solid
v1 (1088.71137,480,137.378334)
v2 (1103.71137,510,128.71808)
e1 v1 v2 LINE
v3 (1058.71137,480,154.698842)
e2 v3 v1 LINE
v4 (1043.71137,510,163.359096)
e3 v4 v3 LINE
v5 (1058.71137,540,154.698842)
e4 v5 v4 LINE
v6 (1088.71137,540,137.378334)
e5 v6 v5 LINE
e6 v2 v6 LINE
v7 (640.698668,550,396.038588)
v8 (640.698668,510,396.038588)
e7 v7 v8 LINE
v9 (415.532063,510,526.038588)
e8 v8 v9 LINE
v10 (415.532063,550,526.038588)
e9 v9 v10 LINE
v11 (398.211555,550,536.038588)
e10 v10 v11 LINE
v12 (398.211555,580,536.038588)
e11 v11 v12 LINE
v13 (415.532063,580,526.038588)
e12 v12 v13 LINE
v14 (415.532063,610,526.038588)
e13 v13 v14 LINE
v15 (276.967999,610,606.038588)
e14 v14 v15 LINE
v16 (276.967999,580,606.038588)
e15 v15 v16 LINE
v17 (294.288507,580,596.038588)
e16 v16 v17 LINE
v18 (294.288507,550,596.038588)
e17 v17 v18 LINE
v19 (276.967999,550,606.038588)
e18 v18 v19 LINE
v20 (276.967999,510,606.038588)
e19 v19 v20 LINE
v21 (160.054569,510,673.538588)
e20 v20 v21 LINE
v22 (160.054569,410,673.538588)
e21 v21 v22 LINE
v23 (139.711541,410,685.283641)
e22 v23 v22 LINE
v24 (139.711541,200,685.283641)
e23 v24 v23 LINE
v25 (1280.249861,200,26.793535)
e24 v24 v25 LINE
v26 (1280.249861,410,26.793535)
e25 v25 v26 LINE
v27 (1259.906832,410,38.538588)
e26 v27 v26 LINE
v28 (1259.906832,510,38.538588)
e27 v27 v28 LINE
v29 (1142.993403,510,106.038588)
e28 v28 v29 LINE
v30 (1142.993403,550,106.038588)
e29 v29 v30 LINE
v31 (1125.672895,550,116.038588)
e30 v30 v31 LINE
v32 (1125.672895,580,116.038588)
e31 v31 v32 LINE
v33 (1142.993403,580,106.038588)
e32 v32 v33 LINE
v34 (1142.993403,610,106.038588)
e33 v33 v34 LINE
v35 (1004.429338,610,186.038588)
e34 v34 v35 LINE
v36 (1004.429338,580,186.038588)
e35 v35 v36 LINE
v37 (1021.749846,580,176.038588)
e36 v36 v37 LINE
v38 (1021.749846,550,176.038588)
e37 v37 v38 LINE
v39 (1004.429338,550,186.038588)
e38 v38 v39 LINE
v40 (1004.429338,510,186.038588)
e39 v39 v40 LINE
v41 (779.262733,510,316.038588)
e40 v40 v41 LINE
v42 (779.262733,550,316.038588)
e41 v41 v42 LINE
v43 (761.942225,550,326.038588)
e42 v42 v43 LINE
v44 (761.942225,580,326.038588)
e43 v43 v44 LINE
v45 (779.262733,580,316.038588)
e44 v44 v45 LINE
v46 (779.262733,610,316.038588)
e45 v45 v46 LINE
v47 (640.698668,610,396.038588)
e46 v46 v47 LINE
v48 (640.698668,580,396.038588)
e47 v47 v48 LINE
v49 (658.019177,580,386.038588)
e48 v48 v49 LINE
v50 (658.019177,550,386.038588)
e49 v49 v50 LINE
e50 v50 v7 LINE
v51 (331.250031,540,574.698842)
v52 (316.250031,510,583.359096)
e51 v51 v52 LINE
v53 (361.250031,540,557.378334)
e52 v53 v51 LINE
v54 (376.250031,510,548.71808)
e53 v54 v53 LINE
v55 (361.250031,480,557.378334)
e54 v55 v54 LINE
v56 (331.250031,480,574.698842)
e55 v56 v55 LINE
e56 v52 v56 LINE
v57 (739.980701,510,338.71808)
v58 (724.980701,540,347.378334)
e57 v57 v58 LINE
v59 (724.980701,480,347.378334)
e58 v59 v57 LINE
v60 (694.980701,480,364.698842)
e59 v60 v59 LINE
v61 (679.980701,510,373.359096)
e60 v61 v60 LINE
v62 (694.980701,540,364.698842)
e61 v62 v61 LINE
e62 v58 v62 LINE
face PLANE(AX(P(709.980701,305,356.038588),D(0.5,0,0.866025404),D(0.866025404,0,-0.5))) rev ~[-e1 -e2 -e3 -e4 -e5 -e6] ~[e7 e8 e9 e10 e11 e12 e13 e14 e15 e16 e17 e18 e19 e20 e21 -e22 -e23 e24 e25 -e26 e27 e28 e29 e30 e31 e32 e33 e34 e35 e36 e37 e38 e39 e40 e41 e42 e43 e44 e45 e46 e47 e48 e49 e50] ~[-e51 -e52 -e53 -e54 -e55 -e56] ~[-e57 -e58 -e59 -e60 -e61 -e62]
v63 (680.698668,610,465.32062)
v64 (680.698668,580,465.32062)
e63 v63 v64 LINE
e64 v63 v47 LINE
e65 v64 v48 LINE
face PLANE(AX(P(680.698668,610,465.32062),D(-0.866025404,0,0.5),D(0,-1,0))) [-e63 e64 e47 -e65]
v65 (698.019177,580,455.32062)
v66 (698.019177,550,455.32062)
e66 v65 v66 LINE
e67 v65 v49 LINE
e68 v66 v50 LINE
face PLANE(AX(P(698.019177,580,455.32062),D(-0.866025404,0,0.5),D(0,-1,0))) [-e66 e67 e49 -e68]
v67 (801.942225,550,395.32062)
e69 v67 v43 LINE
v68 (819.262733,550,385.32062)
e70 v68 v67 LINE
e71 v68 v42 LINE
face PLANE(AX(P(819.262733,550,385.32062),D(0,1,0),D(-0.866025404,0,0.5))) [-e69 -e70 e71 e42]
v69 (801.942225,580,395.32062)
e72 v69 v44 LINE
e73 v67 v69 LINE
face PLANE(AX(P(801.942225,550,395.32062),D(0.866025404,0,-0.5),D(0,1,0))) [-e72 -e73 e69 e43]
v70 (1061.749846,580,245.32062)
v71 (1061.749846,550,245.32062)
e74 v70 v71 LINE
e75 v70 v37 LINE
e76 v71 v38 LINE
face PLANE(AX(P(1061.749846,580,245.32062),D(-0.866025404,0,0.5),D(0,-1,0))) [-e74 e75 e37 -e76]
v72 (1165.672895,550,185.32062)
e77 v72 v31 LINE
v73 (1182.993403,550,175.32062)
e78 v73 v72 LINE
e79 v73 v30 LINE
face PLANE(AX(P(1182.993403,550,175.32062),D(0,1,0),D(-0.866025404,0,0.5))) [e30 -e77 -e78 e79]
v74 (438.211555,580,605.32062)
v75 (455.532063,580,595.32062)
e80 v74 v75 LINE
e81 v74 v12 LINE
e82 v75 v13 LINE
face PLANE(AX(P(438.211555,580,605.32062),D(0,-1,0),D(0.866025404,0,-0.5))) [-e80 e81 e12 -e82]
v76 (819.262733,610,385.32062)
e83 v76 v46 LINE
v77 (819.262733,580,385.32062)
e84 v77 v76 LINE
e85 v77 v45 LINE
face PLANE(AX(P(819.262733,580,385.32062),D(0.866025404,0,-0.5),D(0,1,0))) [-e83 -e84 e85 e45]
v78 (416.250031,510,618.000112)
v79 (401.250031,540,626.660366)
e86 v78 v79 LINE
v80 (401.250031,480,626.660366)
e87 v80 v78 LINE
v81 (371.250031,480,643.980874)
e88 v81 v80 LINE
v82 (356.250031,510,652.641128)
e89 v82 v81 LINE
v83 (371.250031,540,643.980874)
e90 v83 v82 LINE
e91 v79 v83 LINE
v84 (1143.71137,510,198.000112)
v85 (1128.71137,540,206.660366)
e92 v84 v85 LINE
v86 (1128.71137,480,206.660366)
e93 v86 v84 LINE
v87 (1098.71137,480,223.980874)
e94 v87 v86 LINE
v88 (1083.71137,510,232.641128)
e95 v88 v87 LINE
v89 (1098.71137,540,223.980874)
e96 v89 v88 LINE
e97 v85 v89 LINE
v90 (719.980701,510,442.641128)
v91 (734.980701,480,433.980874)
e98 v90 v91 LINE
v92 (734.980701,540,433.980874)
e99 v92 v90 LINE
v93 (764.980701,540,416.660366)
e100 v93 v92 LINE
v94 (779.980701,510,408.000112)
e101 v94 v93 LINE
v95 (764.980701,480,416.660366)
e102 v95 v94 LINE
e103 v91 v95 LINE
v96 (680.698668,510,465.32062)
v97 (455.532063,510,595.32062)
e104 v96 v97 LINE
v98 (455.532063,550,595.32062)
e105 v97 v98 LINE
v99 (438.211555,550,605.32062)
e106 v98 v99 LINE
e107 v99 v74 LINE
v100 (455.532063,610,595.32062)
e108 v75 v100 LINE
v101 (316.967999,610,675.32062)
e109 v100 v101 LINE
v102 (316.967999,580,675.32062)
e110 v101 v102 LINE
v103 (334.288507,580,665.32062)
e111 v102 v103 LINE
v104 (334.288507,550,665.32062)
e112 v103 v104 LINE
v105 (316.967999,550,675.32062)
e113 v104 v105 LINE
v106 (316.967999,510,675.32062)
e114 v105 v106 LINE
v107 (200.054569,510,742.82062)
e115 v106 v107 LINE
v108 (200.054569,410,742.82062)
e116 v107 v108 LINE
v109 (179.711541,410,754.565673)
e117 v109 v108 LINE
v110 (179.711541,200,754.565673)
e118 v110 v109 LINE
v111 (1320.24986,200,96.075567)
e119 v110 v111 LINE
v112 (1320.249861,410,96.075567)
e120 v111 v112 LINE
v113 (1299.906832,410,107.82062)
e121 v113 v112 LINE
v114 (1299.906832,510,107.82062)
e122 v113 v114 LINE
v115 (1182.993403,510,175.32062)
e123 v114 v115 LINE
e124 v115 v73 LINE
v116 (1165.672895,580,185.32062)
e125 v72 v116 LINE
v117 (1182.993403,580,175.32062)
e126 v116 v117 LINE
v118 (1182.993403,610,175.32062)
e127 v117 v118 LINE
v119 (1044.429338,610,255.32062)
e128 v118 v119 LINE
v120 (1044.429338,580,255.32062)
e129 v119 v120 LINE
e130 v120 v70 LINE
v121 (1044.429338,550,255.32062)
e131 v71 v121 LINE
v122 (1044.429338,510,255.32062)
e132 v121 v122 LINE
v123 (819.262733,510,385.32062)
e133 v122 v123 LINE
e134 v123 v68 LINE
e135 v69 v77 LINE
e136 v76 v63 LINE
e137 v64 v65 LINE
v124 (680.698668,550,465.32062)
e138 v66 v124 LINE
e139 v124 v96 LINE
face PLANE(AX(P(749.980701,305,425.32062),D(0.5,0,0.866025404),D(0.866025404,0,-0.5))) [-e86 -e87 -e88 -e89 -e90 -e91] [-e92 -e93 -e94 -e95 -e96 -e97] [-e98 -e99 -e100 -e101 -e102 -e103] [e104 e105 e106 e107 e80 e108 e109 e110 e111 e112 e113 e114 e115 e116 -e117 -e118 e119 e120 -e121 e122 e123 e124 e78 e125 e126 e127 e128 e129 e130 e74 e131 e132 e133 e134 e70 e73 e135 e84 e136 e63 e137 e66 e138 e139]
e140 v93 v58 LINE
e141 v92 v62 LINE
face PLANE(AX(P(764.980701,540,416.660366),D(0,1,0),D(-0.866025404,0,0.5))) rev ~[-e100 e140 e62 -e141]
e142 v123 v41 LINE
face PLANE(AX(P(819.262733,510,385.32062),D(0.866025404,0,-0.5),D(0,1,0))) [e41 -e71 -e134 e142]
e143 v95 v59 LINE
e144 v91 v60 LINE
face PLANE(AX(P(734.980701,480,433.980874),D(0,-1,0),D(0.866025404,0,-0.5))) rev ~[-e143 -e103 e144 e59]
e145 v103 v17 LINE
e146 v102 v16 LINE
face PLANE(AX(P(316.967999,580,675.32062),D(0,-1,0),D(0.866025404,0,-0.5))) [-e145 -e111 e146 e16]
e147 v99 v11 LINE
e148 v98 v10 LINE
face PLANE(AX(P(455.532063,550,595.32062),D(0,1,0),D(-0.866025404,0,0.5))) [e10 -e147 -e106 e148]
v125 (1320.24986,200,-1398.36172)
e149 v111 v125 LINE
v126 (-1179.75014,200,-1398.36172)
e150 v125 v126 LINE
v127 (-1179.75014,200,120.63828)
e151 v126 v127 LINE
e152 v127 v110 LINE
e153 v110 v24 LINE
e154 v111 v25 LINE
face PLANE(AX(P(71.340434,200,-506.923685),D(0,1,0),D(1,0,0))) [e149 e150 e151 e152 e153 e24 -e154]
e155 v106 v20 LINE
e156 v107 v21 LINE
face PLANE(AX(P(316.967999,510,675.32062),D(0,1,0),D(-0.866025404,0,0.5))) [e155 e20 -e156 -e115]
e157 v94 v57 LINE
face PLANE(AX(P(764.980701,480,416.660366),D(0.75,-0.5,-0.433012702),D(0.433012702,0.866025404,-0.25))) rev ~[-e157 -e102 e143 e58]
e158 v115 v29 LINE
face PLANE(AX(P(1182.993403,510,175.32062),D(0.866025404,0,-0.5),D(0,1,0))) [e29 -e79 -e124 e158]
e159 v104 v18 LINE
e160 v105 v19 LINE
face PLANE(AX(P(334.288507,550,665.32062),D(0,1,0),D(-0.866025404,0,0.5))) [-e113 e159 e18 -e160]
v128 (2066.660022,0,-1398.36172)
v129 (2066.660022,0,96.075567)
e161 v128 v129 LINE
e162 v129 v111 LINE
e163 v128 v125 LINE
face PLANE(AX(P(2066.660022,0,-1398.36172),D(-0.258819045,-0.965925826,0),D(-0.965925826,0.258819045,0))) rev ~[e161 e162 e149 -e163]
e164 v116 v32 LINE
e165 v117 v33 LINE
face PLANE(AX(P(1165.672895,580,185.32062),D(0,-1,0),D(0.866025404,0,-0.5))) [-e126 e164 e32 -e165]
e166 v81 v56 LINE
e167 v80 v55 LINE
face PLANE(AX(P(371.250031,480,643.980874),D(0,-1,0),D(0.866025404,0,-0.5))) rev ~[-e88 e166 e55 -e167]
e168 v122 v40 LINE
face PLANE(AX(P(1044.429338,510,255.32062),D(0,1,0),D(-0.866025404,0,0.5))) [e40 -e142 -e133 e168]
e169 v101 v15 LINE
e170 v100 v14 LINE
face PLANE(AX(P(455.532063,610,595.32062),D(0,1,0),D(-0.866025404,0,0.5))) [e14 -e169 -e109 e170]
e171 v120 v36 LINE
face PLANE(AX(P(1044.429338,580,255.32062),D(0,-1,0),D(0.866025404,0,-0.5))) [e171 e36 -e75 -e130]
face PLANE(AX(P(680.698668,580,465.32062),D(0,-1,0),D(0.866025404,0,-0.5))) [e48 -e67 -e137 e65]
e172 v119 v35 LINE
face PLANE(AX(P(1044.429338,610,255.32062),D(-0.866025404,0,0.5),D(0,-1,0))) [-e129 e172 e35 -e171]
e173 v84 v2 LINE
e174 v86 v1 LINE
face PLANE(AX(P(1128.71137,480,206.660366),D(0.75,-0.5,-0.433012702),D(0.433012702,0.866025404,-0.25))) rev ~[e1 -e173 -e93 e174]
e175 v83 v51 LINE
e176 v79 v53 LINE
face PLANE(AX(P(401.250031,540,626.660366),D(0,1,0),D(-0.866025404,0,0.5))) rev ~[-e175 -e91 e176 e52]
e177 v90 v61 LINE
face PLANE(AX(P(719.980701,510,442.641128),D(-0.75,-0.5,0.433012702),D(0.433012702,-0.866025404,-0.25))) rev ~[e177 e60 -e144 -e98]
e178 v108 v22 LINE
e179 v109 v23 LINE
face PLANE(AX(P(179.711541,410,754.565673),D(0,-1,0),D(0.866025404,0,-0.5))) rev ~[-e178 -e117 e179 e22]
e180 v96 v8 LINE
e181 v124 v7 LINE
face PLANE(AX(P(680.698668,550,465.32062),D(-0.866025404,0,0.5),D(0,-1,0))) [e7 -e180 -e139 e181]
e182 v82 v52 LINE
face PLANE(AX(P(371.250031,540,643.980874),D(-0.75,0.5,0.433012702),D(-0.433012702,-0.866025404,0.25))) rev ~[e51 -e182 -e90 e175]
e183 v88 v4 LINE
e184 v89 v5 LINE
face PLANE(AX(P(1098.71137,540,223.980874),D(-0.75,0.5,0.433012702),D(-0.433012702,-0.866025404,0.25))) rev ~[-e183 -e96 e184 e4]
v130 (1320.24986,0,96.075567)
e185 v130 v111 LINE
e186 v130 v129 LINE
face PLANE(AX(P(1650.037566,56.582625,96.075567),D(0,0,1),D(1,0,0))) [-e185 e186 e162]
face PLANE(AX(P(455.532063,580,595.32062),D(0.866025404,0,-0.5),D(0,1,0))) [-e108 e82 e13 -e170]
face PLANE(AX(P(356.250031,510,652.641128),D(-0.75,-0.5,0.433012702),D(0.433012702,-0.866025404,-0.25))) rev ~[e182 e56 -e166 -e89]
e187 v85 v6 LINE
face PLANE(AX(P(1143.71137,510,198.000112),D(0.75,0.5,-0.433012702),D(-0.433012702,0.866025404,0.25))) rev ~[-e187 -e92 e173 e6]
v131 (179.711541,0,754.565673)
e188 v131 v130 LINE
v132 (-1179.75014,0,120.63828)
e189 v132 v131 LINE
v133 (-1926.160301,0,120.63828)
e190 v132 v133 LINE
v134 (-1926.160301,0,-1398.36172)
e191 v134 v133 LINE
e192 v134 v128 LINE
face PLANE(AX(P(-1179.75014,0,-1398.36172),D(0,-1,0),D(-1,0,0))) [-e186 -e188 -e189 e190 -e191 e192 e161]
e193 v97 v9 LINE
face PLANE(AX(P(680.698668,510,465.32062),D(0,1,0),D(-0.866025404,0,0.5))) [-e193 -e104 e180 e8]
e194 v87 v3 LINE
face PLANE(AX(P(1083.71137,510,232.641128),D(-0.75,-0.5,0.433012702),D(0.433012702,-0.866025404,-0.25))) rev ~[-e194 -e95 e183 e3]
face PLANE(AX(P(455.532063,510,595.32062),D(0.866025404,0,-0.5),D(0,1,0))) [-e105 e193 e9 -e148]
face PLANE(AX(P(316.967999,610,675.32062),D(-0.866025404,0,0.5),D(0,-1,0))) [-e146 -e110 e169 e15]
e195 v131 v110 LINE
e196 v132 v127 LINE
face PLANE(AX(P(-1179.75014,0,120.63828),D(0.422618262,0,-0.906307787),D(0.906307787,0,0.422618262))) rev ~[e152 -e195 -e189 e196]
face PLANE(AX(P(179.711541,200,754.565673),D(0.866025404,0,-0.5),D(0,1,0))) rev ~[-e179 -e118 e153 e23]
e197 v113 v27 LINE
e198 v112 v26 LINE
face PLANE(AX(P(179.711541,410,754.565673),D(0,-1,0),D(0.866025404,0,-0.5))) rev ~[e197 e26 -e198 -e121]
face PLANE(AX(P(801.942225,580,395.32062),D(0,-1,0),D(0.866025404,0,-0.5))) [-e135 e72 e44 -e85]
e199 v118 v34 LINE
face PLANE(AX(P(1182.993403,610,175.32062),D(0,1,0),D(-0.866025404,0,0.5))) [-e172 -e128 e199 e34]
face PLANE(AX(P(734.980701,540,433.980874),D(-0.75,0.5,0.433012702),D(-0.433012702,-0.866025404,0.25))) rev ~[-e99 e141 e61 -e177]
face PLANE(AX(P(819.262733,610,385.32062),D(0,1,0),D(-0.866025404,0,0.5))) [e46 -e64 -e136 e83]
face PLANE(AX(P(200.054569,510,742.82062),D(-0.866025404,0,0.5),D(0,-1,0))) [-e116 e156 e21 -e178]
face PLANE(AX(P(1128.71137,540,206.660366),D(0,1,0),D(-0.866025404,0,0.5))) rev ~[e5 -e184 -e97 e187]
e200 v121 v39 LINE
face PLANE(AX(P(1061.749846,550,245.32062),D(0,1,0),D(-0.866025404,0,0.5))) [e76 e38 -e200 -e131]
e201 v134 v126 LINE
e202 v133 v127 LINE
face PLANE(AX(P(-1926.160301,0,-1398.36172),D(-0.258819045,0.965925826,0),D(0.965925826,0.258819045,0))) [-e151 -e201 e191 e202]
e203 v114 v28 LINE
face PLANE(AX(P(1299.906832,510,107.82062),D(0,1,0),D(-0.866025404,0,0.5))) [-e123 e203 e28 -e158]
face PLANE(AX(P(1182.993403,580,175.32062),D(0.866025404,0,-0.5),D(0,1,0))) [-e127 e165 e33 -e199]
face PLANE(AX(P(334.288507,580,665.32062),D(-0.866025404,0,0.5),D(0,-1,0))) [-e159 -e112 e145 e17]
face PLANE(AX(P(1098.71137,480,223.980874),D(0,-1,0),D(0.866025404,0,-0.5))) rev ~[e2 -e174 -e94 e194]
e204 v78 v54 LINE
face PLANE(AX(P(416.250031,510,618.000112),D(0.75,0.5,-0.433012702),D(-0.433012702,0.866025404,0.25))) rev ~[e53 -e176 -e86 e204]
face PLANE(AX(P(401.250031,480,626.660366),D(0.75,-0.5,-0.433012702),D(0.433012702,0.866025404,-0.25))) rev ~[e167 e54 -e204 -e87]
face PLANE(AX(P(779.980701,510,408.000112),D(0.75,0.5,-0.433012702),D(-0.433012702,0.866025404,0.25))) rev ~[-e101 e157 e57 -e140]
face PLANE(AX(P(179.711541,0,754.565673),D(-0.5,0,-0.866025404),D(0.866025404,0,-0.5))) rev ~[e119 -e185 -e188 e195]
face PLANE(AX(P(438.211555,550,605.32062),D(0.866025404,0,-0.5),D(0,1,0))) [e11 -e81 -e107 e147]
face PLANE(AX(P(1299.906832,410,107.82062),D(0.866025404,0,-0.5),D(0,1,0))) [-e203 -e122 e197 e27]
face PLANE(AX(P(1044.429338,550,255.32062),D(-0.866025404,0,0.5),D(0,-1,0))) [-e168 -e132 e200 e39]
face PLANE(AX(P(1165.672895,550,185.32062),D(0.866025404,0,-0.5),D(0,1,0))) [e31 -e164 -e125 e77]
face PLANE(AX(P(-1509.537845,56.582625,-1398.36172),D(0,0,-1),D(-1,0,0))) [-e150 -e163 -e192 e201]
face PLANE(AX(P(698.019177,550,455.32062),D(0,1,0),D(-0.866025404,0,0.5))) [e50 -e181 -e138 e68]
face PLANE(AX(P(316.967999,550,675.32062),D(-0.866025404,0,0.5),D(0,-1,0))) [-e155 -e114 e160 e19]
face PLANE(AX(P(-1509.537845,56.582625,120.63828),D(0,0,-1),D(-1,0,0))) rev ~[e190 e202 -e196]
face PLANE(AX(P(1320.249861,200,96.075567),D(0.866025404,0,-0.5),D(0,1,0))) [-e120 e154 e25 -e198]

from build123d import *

# Parameters (mm, degrees)
EXTRUDE_1_DEPTH = 200
EXTRUDE_2_DEPTH = 1494.437287
EXTRUDE_3_DEPTH = 1519
SKETCH_5_W      = 1316.980211505
SKETCH_5_H      = 210
EXTRUDE_4_DEPTH = 80
EXTRUDE_6_DEPTH = 80


with BuildPart() as part:
    # 草图1 → 凸台-拉伸1 (new body)
    with BuildSketch(Plane(origin=(0, 0, 0), x_dir=(1, 0, 0), z_dir=(0, 1, 0))):
        Polygon((-1179.750139523, -120.638280303), (179.711541032, -754.565672914), (1320.249860477, -96.075567161), (1320.249860477, 1398.361719697), (-1179.750139523, 1398.361719697), align=None)
    extrude(amount=EXTRUDE_1_DEPTH)

    # 草图2 → 凸台-拉伸2 (add)
    with BuildSketch(Plane(origin=(0, 0, -1398.361719697), x_dir=(-1, 0, 0), z_dir=(0, 0, -1))):
        Polygon((-1320.249860477, 200), (-1320.249860477, 0), (-2066.660021991, 0), align=None)
    extrude(amount=-EXTRUDE_2_DEPTH)

    # 草图3 → 凸台-拉伸3 (add)
    with BuildSketch(Plane(origin=(0, 0, -1398.361719697), x_dir=(-1, 0, 0), z_dir=(0, 0, -1))):
        Polygon((1179.750139523, 200), (1179.750139523, 0), (1926.160301037, 0), align=None)
    extrude(amount=-EXTRUDE_3_DEPTH)

    # 草图5 → 凸台-拉伸4 (add)
    with BuildSketch(Plane(origin=(371.664406042, 0, 643.741634629), x_dir=(0.866025404, 0, -0.5), z_dir=(0.5, 0, 0.866025404))):
        with Locations((436.842029183, 305)):
            Rectangle(SKETCH_5_W, SKETCH_5_H)
    extrude(amount=-EXTRUDE_4_DEPTH)

    # 草图6 → 凸台-拉伸6 (add)
    with BuildSketch(Plane(origin=(371.664406042, 0, 643.741634629), x_dir=(0.866025404, 0, -0.5), z_dir=(0.5, 0, 0.866025404))):
        Polygon((-198.157970817, 410), (1071.842029183, 410), (1071.842029183, 510), (936.842029183, 510), (936.842029183, 550), (916.842029183, 550), (916.842029183, 580), (936.842029183, 580), (936.842029183, 610), (776.842029183, 610), (776.842029183, 580), (796.842029183, 580), (796.842029183, 550), (776.842029183, 550), (776.842029183, 510), (516.842029183, 510), (516.842029183, 550), (496.842029183, 550), (496.842029183, 580), (516.842029183, 580), (516.842029183, 610), (356.842029183, 610), (356.842029183, 580), (376.842029183, 580), (376.842029183, 550), (356.842029183, 550), (356.842029183, 510), (96.842029183, 510), (96.842029183, 550), (76.842029183, 550), (76.842029183, 580), (96.842029183, 580), (96.842029183, 610), (-63.157970817, 610), (-63.157970817, 580), (-43.157970817, 580), (-43.157970817, 550), (-63.157970817, 550), (-63.157970817, 510), (-198.157970817, 510), align=None)
        Polygon((471.483045334, 510), (454.162537258, 540), (419.521521107, 540), (402.201013031, 510), (419.521521107, 480), (454.162537258, 480), align=None, mode=Mode.SUBTRACT)
        Polygon((51.483045334, 510), (34.162537258, 540), (-0.478478893, 540), (-17.798986969, 510), (-0.478478893, 480), (34.162537258, 480), align=None, mode=Mode.SUBTRACT)
        Polygon((891.483045334, 510), (874.162537258, 540), (839.521521107, 540), (822.201013031, 510), (839.521521107, 480), (874.162537258, 480), align=None, mode=Mode.SUBTRACT)
    extrude(amount=-EXTRUDE_6_DEPTH)


solid = part.part
